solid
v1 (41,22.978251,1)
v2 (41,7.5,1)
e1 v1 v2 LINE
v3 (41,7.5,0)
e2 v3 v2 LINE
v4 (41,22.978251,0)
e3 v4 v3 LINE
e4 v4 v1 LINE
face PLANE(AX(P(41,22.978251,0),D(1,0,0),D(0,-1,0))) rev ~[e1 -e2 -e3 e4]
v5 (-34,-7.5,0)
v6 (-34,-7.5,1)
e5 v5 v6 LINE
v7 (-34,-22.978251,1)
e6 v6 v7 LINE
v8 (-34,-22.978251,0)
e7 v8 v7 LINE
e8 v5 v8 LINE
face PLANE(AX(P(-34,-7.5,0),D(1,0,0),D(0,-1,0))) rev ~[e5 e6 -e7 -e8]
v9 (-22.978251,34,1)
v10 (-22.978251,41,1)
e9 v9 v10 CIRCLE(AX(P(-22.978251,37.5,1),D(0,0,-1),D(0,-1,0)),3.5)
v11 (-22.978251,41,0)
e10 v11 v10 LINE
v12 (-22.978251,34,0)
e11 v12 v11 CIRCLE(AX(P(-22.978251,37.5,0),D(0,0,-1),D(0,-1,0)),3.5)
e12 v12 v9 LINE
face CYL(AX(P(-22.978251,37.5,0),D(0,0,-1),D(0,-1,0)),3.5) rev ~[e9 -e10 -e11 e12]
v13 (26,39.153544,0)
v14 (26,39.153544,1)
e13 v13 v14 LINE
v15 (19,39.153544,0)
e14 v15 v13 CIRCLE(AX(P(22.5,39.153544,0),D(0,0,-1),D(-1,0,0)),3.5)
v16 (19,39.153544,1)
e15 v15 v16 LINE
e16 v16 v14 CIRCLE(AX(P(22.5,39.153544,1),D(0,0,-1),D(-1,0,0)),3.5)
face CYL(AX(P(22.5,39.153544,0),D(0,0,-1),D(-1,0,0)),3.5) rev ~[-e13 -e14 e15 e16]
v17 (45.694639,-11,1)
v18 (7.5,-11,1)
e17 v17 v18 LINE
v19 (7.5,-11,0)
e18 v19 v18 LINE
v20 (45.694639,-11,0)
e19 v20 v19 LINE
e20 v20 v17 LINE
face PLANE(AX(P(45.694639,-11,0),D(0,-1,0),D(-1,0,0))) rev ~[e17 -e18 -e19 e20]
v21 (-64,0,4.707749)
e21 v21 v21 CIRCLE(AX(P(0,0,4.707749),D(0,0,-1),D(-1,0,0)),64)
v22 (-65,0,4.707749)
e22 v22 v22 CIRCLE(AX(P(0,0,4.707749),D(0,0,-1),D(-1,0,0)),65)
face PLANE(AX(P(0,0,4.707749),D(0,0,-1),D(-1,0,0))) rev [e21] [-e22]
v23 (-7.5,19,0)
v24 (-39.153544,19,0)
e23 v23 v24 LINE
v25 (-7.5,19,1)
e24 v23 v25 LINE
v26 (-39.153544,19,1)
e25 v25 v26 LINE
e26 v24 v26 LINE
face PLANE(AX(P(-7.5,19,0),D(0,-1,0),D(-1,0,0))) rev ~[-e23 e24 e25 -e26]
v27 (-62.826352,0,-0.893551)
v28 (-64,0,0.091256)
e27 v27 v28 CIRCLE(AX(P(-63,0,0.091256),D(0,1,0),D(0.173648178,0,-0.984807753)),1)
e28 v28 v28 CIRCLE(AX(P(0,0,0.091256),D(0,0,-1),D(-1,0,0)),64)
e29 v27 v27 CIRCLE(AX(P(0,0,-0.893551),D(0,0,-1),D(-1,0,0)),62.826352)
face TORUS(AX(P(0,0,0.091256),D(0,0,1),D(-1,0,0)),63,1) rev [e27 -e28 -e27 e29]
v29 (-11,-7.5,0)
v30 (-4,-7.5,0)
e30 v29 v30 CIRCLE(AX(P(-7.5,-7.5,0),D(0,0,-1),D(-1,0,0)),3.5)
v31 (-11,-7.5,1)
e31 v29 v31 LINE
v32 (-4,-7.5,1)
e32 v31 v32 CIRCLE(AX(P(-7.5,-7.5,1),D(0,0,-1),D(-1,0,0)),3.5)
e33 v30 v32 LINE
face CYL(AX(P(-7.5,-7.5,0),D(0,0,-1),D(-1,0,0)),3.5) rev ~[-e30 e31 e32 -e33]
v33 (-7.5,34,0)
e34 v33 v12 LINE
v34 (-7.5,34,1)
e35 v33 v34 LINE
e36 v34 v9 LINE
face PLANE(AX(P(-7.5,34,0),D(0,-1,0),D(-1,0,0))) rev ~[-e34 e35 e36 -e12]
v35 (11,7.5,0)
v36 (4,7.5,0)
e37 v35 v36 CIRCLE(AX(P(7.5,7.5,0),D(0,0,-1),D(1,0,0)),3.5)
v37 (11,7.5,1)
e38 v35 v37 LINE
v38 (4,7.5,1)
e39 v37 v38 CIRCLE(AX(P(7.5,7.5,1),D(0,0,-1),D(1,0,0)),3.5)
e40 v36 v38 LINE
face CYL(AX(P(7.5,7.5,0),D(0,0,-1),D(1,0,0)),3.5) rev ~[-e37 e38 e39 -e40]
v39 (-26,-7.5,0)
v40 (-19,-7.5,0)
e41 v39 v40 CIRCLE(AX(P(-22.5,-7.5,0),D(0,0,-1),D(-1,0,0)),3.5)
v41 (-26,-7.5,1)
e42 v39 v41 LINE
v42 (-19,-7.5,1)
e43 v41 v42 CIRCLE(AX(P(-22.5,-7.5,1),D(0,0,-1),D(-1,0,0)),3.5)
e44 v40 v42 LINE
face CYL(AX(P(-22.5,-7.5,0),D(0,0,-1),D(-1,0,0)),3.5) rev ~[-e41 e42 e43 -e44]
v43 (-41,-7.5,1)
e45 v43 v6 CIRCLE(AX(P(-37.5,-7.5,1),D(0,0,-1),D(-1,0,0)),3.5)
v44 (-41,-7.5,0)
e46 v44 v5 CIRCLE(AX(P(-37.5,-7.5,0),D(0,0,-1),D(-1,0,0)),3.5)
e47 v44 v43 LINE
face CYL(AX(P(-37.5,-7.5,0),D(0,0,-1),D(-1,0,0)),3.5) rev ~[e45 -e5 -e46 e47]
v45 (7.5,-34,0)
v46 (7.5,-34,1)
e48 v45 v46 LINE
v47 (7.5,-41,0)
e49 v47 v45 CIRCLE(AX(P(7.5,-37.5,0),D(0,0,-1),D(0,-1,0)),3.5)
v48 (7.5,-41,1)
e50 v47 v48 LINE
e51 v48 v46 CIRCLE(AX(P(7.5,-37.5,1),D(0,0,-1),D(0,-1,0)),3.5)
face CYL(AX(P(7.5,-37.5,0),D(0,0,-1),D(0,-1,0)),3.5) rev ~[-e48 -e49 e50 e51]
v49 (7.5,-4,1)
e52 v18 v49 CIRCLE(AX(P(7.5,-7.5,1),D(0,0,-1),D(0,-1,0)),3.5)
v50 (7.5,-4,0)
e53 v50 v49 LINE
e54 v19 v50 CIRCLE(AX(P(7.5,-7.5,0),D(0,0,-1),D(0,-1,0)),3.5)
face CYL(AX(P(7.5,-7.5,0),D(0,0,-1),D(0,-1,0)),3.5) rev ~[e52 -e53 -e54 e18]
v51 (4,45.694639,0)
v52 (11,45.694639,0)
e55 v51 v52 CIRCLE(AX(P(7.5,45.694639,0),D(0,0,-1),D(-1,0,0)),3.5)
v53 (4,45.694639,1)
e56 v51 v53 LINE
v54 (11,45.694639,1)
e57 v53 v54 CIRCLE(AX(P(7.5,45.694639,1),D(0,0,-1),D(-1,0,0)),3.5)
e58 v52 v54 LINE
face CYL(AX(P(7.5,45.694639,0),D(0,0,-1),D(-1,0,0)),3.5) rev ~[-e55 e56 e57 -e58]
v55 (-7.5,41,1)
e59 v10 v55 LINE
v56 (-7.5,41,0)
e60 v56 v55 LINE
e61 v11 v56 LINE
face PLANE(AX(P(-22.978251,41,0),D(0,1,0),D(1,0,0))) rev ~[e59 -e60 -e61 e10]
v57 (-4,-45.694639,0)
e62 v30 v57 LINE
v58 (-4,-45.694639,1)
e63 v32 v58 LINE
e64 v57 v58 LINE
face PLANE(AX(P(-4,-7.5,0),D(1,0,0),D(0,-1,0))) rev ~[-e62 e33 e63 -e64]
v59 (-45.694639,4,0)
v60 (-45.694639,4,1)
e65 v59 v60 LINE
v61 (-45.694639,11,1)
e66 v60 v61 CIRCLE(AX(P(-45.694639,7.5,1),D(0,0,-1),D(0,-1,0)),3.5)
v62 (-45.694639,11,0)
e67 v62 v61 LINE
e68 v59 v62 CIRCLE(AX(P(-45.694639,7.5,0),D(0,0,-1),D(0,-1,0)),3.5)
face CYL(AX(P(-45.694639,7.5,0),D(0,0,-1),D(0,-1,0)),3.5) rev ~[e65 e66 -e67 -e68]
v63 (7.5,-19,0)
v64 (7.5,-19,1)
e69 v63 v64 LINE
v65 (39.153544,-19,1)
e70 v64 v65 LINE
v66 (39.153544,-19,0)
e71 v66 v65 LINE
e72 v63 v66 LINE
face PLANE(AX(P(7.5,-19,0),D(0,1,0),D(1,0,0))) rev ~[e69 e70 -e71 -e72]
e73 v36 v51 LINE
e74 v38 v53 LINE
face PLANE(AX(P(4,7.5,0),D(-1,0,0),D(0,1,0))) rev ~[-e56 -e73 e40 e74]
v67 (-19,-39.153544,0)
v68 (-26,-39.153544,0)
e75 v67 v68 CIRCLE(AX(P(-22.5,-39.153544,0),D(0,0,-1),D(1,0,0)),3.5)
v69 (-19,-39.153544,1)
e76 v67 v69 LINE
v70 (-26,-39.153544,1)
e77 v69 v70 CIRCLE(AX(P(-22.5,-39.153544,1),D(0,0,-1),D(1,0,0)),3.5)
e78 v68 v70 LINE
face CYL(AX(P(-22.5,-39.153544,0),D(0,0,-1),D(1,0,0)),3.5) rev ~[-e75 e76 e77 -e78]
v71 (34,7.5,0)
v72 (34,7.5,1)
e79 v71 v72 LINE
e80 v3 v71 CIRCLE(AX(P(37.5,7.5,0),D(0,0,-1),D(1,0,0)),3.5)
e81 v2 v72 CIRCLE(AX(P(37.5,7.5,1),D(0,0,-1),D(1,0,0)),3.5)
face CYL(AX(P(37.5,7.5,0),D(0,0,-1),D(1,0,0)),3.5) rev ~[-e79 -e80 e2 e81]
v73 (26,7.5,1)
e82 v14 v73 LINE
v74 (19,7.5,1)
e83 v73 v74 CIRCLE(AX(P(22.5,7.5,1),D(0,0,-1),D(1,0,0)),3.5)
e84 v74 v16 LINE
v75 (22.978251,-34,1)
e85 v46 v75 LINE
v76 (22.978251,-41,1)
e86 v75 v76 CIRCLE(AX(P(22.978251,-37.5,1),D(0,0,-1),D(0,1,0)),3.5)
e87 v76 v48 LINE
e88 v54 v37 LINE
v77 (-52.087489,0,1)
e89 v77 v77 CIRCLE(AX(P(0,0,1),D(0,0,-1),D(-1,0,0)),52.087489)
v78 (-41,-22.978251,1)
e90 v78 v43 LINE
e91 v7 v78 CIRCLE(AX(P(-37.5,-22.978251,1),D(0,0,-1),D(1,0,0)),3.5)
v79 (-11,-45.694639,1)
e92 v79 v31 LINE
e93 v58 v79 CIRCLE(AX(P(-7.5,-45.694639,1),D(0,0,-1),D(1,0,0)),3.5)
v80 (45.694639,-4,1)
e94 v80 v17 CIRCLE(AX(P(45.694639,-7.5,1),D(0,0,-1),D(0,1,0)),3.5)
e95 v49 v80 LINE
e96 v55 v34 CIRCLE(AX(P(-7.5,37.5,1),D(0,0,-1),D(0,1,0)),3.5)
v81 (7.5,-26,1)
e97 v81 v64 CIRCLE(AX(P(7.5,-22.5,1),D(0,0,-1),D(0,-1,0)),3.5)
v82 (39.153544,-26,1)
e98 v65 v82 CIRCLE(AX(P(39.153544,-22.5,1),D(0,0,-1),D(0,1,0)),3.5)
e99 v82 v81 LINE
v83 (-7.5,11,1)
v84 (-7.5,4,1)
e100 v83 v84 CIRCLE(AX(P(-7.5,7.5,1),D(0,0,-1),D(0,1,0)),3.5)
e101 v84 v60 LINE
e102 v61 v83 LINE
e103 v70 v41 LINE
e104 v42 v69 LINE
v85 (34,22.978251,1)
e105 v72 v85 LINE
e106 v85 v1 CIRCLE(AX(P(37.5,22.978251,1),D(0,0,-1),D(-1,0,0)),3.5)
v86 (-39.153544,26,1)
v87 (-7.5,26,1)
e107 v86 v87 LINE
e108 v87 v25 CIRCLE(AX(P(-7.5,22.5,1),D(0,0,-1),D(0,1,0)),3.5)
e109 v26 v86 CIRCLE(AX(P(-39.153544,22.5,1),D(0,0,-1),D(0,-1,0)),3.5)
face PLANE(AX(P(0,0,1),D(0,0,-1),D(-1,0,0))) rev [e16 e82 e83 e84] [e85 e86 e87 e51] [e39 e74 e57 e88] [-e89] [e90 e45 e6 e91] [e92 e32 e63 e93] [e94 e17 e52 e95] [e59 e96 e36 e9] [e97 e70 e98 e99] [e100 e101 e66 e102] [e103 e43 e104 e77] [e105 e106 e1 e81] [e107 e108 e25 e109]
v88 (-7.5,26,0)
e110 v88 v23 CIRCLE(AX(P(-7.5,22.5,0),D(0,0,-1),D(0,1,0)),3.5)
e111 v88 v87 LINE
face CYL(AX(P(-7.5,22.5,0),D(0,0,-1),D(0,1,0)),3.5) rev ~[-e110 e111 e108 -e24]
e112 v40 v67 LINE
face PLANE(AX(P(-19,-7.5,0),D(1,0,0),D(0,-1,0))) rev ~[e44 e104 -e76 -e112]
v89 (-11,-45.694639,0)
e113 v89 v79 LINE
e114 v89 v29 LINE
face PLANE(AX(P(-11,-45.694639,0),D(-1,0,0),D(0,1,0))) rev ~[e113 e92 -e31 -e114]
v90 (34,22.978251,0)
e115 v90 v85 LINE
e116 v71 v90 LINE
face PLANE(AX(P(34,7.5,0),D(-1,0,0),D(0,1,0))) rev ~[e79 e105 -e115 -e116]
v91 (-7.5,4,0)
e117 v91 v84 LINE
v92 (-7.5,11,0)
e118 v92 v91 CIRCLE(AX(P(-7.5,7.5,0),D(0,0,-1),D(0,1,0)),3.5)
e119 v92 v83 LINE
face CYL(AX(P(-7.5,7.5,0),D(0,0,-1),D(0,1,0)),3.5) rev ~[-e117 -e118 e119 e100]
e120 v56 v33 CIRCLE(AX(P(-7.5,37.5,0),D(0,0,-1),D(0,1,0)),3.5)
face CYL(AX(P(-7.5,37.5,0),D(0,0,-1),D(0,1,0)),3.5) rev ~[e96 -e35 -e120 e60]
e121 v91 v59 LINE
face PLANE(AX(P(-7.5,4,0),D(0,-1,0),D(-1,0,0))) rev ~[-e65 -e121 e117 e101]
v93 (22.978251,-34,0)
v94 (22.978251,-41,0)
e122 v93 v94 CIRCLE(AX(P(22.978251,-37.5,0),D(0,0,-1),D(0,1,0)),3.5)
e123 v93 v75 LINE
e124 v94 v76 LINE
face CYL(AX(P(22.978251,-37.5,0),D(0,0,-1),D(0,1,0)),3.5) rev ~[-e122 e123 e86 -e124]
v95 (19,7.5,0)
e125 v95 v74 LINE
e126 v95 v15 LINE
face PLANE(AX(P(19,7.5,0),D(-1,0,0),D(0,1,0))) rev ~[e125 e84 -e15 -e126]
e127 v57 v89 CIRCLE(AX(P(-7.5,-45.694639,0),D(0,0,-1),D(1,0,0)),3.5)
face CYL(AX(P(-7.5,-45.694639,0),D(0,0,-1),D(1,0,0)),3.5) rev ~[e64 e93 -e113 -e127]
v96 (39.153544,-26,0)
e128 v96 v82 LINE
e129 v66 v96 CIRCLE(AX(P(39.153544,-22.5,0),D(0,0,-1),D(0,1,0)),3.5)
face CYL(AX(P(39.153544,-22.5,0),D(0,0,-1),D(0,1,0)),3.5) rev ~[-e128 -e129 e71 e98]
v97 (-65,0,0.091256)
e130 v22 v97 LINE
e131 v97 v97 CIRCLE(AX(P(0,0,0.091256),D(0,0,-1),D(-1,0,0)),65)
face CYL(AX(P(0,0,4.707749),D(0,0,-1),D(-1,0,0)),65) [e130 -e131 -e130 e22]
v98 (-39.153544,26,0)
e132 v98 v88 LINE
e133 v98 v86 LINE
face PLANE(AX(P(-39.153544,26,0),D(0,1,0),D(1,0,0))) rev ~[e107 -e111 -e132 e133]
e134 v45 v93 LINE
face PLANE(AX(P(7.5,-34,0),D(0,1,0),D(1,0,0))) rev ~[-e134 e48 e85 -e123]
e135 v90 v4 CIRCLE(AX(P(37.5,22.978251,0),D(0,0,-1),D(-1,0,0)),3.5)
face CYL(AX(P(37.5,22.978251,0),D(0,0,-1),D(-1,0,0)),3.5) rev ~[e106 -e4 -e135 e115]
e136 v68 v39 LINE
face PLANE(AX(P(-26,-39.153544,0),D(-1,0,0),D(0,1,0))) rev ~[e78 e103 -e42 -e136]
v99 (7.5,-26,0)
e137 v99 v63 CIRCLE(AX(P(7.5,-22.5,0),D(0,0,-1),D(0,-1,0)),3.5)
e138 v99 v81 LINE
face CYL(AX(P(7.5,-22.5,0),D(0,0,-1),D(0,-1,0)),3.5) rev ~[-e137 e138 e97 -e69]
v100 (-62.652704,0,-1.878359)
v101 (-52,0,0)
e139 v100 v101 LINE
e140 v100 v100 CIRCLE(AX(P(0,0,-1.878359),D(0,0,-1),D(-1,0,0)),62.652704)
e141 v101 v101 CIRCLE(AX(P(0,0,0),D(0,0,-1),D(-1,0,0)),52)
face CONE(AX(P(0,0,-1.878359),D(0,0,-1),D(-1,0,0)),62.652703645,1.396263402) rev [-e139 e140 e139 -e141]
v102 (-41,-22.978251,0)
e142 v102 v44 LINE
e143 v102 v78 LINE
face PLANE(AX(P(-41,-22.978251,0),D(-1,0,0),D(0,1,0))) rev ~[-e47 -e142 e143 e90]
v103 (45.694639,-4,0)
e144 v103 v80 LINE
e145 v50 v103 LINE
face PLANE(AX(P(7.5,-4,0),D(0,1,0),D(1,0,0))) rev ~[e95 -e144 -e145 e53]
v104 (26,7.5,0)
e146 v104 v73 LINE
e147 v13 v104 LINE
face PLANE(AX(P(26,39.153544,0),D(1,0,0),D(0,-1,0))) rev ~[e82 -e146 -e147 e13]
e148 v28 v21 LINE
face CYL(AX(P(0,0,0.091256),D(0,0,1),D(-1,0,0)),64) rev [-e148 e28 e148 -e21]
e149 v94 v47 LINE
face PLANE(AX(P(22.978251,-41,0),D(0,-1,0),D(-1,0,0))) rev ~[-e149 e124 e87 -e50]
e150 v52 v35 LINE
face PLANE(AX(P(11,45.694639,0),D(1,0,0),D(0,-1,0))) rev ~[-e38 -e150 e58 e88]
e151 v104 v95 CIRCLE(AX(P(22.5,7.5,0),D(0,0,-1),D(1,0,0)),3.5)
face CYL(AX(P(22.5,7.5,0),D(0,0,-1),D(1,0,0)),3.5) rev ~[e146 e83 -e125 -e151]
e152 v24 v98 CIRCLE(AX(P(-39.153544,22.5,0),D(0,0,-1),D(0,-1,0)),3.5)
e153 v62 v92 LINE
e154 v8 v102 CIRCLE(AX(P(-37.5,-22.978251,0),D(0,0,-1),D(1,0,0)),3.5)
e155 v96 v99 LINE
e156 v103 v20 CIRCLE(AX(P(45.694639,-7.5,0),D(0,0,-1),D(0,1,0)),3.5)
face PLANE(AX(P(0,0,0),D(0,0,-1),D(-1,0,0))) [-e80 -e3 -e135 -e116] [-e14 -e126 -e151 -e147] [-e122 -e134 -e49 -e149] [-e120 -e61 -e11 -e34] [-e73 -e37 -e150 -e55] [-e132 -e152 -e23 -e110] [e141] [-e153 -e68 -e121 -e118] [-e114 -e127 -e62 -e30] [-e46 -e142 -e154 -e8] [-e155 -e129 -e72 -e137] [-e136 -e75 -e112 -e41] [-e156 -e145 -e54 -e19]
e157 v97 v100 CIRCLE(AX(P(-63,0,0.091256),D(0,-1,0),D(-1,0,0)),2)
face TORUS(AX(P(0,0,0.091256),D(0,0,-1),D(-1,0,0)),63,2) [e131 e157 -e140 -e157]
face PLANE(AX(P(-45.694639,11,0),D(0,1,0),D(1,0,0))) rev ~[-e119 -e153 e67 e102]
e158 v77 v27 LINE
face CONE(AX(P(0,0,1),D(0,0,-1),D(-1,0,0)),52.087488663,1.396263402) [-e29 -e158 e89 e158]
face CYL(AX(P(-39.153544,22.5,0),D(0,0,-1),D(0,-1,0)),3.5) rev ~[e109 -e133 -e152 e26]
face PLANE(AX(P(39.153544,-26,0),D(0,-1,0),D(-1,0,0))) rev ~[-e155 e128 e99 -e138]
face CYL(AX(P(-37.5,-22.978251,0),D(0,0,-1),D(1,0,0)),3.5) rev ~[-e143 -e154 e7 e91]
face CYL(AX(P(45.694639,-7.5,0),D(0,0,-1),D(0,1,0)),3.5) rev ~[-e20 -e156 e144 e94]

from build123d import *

# Parameters (mm, degrees)
F7_DEPTH = 1


with BuildPart() as f2:
    # F0 (on Top) → F2 (revolve)
    with BuildSketch(Plane.XY):
        Polygon((20.4473696649, 3.5921053495), (20.4473696649, 0), (50.5868457019, 0), (50.5868457019, 2.7842106991), (49.9868457019, 2.7842106991), (49.9868457019, 0.6), (21.0473696649, 0.6), (21.0473696649, 4.1921053495), (16.9026321679, 4.1921053495), (16.9026321679, 8.0605266564), (12.1578937396, 8.0605266564), (12.1578937396, 7.4605266564), (16.3026321679, 7.4605266564), (16.3026321679, 3.5921053495), align=None)
    revolve(axis=Axis((0, 5.4080549162, 0), (0, -1, 0)))


with BuildPart() as f5:
    # F4 (on Front) → F5 (revolve)
    with BuildSketch(Plane.XZ):
        with BuildLine():
            Line((-62.6527036447, -1.87835907), (-52, 0))
            Line((-52, 0), (0, 0))
            Line((0, 0), (0, 1))
            Line((0, 1), (-52.0874886635, 1))
            Line((-52.0874886635, 1), (-62.8263518223, -0.893551317))
            ThreePointArc((-62.8263518223, -0.893551317), (-63.6427876097, -0.6747880071), (-64, 0.091256436))
            Line((-64, 0.091256436), (-64, 4.7077492508))
            Line((-64, 4.7077492508), (-65, 4.7077492508))
            Line((-65, 4.7077492508), (-65, 0.091256436))
            ThreePointArc((-65, 0.091256436), (-64.2855752194, -1.4408324503), (-62.6527036447, -1.87835907))
        make_face()
    revolve(axis=Axis((0, 0, -2.1538473566), (0, 0, -1)))

    # F6 (on face) → F7 (cut)
    with BuildSketch(Plane(origin=(0, 0, 0), x_dir=(1, 0, 0), z_dir=(0, 0, -1))):
        with BuildLine():
            ThreePointArc((-4, 45.6946386352), (-7.5, 49.1946386352), (-11, 45.6946386352))
            Line((-11, 45.6946386352), (-11, 7.5))
            ThreePointArc((-11, 7.5), (-7.5, 4), (-4, 7.5))
            Line((-4, 7.5), (-4, 45.6946386352))
        make_face()
        with BuildLine():
            ThreePointArc((-19, 39.1535439009), (-22.5, 42.6535439009), (-26, 39.1535439009))
            Line((-26, 39.1535439009), (-26, 7.5))
            ThreePointArc((-26, 7.5), (-22.5, 4), (-19, 7.5))
            Line((-19, 7.5), (-19, 39.1535439009))
        make_face()
        with BuildLine():
            ThreePointArc((-34, 22.9782505862), (-37.5, 26.4782505862), (-41, 22.9782505862))
            Line((-41, 22.9782505862), (-41, 7.5))
            ThreePointArc((-41, 7.5), (-37.5, 4), (-34, 7.5))
            Line((-34, 7.5), (-34, 22.9782505862))
        make_face()
        with BuildLine():
            ThreePointArc((-45.6946386352, -4), (-49.1946386352, -7.5), (-45.6946386352, -11))
            Line((-45.6946386352, -11), (-7.5, -11))
            ThreePointArc((-7.5, -11), (-4, -7.5), (-7.5, -4))
            Line((-7.5, -4), (-45.6946386352, -4))
        make_face()
        with BuildLine():
            Line((-7.5, -19), (-39.1535439009, -19))
            ThreePointArc((-39.1535439009, -19), (-42.6535439009, -22.5), (-39.1535439009, -26))
            Line((-39.1535439009, -26), (-7.5, -26))
            ThreePointArc((-7.5, -26), (-4, -22.5), (-7.5, -19))
        make_face()
        with BuildLine():
            Line((-7.5, -34), (-22.9782505862, -34))
            ThreePointArc((-22.9782505862, -34), (-26.4782505862, -37.5), (-22.9782505862, -41))
            Line((-22.9782505862, -41), (-7.5, -41))
            ThreePointArc((-7.5, -41), (-4, -37.5), (-7.5, -34))
        make_face()
        with BuildLine():
            ThreePointArc((4, -45.6946386352), (7.5, -49.1946386352), (11, -45.6946386352))
            Line((11, -45.6946386352), (11, -7.5))
            ThreePointArc((11, -7.5), (7.5, -4), (4, -7.5))
            Line((4, -7.5), (4, -45.6946386352))
        make_face()
        with BuildLine():
            Line((19, -7.5), (19, -39.1535439009))
            ThreePointArc((19, -39.1535439009), (22.5, -42.6535439009), (26, -39.1535439009))
            Line((26, -39.1535439009), (26, -7.5))
            ThreePointArc((26, -7.5), (22.5, -4), (19, -7.5))
        make_face()
        with BuildLine():
            Line((34, -7.5), (34, -22.9782505862))
            ThreePointArc((34, -22.9782505862), (37.5, -26.4782505862), (41, -22.9782505862))
            Line((41, -22.9782505862), (41, -7.5))
            ThreePointArc((41, -7.5), (37.5, -4), (34, -7.5))
        make_face()
        with BuildLine():
            ThreePointArc((45.6946386352, 4), (49.1946386352, 7.5), (45.6946386352, 11))
            Line((45.6946386352, 11), (7.5, 11))
            ThreePointArc((7.5, 11), (4, 7.5), (7.5, 4))
            Line((7.5, 4), (45.6946386352, 4))
        make_face()
        with BuildLine():
            Line((7.5, 19), (39.1535439009, 19))
            ThreePointArc((39.1535439009, 19), (42.6535439009, 22.5), (39.1535439009, 26))
            Line((39.1535439009, 26), (7.5, 26))
            ThreePointArc((7.5, 26), (4, 22.5), (7.5, 19))
        make_face()
        with BuildLine():
            Line((7.5, 34), (22.9782505862, 34))
            ThreePointArc((22.9782505862, 34), (26.4782505862, 37.5), (22.9782505862, 41))
            Line((22.9782505862, 41), (7.5, 41))
            ThreePointArc((7.5, 41), (4, 37.5), (7.5, 34))
        make_face()
    extrude(amount=-F7_DEPTH, mode=Mode.SUBTRACT)


solid = f5.part
